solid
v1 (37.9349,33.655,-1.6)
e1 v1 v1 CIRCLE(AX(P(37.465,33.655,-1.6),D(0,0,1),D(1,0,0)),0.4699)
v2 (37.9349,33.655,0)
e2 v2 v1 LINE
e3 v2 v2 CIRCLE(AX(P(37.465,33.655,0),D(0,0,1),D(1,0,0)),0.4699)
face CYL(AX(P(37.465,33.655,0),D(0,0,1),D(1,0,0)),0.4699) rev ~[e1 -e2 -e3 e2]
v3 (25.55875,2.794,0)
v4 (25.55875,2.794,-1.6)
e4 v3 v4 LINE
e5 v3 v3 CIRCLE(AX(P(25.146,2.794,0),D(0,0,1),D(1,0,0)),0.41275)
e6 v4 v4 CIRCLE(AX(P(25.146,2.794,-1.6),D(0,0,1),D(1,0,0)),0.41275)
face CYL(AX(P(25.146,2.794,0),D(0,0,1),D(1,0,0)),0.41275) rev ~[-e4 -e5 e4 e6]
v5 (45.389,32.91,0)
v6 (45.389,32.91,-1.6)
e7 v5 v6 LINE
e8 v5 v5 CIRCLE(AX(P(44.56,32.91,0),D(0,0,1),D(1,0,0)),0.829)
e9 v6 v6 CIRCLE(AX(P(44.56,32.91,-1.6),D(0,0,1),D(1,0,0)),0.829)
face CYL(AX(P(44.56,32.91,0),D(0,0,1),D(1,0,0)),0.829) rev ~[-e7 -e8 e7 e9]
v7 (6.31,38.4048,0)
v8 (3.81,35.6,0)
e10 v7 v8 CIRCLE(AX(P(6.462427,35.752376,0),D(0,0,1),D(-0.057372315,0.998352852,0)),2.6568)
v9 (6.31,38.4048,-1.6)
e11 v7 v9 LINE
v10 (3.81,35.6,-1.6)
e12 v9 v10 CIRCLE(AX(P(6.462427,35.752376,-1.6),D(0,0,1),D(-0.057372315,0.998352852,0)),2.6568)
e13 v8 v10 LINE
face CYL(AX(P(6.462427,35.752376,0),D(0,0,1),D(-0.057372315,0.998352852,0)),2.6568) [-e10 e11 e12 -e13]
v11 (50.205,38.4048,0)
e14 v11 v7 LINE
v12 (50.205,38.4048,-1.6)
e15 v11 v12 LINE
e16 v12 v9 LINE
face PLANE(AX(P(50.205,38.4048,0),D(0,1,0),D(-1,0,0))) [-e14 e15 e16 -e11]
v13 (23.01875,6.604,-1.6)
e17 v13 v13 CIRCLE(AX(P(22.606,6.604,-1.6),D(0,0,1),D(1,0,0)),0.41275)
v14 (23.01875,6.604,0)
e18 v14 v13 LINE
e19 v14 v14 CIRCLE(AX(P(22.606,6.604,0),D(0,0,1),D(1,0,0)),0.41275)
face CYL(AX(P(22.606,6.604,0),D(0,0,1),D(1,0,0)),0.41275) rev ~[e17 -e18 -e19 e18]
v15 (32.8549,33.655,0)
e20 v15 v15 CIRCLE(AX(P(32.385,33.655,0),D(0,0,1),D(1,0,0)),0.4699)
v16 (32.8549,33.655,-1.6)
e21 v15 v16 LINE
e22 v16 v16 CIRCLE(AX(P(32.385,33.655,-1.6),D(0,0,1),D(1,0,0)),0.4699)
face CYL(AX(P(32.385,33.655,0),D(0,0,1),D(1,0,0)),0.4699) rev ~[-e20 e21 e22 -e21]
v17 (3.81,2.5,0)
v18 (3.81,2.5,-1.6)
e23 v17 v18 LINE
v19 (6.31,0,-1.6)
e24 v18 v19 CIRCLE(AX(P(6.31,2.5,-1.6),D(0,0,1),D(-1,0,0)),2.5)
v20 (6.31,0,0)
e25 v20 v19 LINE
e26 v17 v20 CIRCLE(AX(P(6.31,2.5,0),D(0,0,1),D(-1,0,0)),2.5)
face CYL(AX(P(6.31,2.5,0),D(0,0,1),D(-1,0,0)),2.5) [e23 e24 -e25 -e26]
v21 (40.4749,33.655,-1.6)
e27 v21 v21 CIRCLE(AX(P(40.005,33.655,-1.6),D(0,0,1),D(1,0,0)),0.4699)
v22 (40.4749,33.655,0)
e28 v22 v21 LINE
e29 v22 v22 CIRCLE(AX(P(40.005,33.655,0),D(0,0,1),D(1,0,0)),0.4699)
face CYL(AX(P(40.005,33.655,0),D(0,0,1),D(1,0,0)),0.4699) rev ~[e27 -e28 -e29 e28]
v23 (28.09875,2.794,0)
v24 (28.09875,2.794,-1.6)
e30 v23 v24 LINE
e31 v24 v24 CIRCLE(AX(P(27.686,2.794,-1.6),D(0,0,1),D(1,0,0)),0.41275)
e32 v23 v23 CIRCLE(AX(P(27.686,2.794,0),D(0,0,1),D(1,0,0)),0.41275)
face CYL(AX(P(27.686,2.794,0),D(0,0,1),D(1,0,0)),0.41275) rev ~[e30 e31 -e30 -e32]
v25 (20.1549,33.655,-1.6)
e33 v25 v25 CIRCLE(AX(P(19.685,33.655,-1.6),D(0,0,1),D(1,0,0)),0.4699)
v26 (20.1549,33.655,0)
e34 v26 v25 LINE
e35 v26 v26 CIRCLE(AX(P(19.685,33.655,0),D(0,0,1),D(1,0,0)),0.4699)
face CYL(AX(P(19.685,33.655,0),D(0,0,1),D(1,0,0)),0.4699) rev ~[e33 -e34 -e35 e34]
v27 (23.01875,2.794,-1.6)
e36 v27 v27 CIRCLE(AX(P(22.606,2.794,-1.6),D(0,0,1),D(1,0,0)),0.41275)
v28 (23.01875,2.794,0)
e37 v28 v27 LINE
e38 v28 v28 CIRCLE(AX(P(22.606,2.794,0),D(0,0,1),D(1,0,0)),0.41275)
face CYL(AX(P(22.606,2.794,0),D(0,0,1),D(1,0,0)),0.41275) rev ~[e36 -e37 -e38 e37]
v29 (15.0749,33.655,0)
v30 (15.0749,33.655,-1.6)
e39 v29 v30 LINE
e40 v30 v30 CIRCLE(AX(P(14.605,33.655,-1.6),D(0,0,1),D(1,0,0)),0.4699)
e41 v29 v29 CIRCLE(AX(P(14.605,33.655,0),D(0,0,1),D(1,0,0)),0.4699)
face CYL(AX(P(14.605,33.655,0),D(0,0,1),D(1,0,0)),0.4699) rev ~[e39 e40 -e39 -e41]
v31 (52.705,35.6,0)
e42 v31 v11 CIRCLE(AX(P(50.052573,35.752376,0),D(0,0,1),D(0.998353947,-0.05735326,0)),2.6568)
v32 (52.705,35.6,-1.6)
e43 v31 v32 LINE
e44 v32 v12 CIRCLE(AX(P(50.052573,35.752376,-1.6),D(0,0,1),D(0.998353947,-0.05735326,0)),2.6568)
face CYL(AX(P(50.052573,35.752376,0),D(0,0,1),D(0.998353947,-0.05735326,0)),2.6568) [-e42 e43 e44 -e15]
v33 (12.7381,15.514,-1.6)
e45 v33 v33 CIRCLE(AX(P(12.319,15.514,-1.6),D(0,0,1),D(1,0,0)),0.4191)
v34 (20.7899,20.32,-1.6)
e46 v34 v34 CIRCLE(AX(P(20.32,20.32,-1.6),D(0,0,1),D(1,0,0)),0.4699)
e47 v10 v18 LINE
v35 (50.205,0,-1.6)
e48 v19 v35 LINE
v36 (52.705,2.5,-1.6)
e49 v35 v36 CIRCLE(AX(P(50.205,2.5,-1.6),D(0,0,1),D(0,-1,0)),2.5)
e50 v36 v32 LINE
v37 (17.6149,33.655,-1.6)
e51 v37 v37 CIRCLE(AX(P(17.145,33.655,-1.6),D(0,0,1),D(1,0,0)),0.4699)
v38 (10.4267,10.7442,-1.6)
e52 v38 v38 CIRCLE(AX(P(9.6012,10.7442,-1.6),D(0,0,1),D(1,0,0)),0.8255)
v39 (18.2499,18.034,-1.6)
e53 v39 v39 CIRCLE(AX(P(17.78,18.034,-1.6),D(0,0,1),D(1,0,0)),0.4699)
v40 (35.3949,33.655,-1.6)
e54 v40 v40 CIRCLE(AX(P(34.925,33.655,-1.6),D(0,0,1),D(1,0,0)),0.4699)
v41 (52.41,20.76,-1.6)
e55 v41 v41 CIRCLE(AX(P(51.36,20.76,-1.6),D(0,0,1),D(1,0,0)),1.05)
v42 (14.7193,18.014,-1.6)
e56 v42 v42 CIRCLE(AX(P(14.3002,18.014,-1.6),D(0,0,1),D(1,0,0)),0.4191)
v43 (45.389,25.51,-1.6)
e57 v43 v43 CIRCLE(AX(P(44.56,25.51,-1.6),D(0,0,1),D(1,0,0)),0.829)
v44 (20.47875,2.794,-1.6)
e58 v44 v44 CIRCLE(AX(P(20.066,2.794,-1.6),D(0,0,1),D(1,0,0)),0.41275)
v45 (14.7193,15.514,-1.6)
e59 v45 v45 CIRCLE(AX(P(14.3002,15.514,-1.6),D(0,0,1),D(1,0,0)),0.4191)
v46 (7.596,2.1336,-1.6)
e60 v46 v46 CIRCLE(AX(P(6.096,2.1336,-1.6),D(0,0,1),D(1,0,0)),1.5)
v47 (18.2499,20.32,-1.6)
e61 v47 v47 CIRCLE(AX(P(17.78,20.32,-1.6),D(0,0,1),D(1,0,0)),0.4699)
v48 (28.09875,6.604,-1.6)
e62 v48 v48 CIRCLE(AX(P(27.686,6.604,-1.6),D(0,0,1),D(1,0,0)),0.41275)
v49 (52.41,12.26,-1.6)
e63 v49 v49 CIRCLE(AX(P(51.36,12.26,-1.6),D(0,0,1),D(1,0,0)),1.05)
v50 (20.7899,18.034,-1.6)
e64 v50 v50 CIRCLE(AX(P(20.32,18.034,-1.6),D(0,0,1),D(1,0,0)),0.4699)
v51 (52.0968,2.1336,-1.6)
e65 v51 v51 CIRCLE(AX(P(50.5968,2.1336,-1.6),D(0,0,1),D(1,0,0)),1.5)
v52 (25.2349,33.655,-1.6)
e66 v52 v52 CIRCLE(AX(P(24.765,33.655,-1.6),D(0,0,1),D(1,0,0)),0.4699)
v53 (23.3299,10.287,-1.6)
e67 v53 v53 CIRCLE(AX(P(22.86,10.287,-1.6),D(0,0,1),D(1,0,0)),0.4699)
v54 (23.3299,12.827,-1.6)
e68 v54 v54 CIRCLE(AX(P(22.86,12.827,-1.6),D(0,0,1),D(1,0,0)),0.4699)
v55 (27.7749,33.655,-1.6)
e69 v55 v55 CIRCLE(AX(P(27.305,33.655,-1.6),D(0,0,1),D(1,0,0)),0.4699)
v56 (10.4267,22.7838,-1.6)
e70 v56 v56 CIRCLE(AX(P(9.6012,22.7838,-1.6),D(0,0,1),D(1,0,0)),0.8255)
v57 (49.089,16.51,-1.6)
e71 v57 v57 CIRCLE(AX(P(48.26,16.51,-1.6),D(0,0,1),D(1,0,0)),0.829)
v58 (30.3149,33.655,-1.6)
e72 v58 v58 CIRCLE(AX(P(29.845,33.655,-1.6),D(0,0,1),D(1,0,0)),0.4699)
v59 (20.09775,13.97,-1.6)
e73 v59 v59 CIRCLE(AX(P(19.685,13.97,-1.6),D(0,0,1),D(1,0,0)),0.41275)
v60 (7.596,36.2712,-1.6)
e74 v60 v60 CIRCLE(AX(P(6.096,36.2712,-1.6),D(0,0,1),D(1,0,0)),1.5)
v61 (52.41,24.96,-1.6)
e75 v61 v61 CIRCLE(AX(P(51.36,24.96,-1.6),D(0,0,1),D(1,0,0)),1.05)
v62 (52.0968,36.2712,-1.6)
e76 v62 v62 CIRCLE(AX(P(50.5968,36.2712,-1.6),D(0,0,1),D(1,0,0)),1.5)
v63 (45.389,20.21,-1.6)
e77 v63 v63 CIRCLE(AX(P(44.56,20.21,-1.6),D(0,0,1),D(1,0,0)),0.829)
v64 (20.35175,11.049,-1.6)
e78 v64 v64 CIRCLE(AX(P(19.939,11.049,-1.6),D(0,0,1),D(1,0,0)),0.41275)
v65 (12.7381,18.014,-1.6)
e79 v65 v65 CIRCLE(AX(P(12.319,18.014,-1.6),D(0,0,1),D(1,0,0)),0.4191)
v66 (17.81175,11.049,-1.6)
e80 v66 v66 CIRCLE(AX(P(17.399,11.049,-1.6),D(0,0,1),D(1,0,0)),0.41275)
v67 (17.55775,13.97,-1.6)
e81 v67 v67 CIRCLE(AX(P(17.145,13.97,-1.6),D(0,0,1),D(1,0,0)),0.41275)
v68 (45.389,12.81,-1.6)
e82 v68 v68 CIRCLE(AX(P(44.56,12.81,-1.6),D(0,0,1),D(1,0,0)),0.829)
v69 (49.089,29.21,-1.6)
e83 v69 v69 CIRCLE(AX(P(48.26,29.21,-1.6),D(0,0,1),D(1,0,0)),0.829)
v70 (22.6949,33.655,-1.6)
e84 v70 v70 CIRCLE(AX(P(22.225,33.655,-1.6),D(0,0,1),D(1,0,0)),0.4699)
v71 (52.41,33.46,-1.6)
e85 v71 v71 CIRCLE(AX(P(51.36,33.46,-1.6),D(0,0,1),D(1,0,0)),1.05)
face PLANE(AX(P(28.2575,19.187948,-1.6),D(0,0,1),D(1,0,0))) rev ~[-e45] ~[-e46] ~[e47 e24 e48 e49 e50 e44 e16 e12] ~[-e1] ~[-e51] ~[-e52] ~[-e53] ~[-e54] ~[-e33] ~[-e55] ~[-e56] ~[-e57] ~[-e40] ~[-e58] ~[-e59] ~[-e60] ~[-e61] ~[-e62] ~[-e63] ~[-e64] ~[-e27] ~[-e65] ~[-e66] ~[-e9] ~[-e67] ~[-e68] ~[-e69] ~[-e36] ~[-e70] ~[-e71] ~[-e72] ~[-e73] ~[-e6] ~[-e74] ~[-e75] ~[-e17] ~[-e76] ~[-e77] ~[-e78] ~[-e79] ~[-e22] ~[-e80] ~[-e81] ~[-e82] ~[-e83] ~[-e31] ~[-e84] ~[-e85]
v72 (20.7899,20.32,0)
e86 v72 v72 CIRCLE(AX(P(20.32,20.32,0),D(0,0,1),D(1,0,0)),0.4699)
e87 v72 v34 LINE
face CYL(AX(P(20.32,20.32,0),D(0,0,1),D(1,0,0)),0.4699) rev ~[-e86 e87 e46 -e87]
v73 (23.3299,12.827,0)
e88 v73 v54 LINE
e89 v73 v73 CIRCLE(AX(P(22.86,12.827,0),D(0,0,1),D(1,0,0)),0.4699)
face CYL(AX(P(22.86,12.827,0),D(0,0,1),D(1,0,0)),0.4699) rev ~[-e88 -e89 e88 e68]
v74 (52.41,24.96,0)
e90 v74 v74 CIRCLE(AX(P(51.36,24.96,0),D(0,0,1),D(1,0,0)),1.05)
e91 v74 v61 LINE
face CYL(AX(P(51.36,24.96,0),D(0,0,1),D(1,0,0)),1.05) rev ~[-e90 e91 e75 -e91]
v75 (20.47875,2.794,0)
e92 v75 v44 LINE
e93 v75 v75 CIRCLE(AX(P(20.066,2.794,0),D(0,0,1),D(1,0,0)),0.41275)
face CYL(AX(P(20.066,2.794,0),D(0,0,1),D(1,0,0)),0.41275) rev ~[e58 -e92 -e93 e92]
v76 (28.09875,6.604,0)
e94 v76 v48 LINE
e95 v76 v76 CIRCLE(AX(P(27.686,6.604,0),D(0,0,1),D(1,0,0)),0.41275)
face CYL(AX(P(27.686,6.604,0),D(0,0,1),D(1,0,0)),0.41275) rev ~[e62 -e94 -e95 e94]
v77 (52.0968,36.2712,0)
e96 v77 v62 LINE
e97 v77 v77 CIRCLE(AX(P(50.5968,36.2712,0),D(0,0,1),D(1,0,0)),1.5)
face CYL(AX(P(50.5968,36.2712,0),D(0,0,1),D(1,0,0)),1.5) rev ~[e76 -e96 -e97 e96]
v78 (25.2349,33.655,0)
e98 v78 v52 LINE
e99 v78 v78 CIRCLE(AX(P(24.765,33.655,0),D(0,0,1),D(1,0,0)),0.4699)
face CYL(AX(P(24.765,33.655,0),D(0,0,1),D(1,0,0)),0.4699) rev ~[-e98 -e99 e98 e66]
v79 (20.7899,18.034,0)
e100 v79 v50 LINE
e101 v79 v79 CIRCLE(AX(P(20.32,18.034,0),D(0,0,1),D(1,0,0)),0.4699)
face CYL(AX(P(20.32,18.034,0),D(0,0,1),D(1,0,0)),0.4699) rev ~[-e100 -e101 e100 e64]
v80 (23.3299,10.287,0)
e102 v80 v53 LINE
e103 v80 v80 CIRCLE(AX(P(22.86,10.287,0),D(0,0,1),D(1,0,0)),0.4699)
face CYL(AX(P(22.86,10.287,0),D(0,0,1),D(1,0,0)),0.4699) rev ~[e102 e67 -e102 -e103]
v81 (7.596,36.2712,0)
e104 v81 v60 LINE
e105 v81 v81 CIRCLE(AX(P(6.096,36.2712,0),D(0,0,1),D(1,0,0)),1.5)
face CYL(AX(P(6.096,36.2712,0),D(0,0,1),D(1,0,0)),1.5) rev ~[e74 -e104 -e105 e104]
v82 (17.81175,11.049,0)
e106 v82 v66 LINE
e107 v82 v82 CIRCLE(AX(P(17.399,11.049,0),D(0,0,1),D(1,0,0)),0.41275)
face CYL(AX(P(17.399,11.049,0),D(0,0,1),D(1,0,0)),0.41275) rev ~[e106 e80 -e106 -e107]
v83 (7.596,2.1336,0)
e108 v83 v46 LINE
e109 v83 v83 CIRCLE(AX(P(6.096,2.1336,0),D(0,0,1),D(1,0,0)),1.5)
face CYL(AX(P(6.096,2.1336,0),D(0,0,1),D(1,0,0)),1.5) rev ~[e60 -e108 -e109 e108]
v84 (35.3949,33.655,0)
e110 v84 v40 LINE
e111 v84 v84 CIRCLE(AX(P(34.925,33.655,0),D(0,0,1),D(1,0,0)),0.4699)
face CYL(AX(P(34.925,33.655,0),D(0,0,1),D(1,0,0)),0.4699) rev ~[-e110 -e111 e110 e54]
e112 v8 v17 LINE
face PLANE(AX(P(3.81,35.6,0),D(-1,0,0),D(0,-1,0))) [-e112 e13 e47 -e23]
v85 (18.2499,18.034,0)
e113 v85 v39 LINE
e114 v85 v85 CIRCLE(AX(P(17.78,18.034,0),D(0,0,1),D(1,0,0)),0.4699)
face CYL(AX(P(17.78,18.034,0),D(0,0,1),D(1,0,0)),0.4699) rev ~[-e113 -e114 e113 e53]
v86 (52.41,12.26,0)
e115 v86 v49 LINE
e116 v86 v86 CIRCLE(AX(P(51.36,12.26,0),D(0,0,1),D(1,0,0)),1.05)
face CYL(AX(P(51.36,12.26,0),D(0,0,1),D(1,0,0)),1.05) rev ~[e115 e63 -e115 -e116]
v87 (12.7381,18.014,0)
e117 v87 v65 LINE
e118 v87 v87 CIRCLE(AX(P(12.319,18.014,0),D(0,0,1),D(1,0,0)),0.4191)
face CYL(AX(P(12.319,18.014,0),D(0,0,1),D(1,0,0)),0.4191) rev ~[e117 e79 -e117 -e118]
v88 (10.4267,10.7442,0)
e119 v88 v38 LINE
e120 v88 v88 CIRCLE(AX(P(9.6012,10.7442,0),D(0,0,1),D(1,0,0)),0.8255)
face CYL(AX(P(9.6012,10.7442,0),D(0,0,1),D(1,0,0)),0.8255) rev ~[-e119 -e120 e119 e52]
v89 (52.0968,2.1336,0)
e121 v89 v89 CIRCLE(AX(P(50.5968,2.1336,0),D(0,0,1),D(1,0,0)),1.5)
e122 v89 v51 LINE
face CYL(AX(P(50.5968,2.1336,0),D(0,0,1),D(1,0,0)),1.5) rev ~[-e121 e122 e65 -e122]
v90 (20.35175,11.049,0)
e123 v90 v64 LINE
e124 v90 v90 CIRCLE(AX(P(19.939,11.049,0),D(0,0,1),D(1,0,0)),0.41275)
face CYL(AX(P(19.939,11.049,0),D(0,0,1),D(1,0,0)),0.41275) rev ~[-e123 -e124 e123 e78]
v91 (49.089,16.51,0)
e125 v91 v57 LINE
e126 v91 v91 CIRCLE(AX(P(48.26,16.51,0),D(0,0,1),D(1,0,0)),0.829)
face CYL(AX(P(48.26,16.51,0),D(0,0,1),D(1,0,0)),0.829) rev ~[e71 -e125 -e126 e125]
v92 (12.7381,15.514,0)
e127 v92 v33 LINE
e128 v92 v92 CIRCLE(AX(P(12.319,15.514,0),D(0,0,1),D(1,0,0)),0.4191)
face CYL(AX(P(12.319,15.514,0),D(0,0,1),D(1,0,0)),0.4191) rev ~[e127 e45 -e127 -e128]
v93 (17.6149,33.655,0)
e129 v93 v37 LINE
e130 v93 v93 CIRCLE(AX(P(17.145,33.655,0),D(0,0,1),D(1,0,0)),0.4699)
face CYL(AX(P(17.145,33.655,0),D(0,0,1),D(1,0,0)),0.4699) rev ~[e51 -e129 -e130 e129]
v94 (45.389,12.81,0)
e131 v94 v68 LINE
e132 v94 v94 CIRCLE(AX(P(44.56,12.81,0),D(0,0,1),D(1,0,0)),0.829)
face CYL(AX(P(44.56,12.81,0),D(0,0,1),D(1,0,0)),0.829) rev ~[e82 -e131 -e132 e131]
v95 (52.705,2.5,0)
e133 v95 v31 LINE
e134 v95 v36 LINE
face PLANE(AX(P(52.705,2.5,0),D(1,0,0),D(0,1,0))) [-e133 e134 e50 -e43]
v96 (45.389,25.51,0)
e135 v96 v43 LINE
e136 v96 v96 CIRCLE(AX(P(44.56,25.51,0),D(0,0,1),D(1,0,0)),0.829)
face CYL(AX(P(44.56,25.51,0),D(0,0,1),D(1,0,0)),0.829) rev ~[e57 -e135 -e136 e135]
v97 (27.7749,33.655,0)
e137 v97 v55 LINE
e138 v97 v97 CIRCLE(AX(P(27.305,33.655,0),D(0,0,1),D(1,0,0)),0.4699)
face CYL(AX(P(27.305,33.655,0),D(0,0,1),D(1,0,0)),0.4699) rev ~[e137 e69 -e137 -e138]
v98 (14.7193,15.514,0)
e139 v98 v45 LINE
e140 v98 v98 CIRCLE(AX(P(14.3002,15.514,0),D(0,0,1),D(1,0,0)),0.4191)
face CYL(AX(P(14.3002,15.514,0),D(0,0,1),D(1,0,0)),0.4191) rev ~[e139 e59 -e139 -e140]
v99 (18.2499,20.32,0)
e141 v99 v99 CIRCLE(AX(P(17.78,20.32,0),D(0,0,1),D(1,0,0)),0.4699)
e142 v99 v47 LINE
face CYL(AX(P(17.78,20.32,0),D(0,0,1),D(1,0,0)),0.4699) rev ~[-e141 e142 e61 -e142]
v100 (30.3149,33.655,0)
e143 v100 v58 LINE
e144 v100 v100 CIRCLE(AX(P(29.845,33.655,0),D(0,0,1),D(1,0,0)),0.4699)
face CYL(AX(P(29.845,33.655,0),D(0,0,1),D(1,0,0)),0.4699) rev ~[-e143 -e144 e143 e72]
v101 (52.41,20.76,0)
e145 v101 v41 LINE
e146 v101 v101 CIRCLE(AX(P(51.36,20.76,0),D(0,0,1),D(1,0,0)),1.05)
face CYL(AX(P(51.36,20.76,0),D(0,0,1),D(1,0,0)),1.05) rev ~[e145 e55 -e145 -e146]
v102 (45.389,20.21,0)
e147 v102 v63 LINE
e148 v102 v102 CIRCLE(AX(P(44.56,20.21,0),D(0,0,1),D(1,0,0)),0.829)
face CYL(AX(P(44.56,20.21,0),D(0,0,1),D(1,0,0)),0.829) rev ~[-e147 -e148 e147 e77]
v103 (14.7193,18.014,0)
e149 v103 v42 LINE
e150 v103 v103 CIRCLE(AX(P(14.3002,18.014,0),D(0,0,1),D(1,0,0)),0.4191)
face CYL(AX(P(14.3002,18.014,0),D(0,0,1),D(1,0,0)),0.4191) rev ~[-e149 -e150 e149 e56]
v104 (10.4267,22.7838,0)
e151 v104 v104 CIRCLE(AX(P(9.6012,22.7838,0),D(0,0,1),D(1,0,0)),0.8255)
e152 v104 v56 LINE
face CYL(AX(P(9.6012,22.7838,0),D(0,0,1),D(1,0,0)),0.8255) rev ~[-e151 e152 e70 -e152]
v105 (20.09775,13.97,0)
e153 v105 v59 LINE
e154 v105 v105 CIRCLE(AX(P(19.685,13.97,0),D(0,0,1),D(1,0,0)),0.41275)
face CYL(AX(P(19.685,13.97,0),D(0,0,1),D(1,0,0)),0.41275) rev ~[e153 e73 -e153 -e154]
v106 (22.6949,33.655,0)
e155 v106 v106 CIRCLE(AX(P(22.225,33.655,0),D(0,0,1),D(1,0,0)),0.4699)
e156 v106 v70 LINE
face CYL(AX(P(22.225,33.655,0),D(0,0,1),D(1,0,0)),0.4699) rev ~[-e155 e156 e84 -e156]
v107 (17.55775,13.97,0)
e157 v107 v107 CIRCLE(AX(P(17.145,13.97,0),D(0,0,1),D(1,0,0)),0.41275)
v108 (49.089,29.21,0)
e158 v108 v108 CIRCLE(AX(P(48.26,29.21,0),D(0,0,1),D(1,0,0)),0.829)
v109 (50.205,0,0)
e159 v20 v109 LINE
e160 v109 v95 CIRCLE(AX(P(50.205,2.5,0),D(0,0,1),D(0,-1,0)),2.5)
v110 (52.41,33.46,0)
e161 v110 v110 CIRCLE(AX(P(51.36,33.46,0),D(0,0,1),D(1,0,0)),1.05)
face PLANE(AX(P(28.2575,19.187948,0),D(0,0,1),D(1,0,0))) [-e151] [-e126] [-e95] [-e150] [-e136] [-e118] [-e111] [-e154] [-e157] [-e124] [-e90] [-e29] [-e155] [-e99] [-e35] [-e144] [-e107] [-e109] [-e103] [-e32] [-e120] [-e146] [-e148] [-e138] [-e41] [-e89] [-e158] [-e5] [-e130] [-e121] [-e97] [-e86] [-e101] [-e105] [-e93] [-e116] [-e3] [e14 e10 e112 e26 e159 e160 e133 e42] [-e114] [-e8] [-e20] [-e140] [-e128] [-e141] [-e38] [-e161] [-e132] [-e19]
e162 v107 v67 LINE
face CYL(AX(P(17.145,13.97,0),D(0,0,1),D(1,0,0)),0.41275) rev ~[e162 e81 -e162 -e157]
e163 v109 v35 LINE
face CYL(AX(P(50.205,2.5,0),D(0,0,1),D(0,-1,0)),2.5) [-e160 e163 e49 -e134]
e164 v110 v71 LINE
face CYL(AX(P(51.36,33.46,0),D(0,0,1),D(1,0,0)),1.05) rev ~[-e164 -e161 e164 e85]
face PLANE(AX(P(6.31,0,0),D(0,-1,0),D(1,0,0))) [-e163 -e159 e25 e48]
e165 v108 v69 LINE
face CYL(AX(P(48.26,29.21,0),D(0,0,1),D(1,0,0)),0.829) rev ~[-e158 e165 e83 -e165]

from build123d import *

# Parameters (mm, degrees)
SKETCH_20_R         = 1.5
SKETCH_20_R_2       = 1.05
BOSS_EXTRUDE1_DEPTH = 1.6
SKETCH_17_R         = 0.8255
SKETCH_17_R_2       = 0.4191
SKETCH_17_R_3       = 0.41275
SKETCH_17_R_4       = 0.4699
SKETCH_17_R_5       = 0.829
CUT_EXTRUDE1_DEPTH  = 1.6


with BuildPart() as part:
    # Sketch 20 → Boss-Extrude1 (new body)
    with BuildSketch(Plane.XY):
        with BuildLine():
            Line((50.205, 38.4048), (6.31, 38.4048))
            ThreePointArc((6.31, 38.4048), (4.47911474, 37.520159965), (3.81, 35.6))
            Line((3.81, 35.6), (3.81, 2.5))
            ThreePointArc((3.81, 2.5), (4.542233047, 0.732233047), (6.31, 0))
            Line((6.31, 0), (50.205, 0))
            ThreePointArc((50.205, 0), (51.972766953, 0.732233047), (52.705, 2.5))
            Line((52.705, 2.5), (52.705, 35.6))
            ThreePointArc((52.705, 35.6), (52.03588526, 37.520159965), (50.205, 38.4048))
        make_face()
        with Locations((6.096, 2.1336)):
            Circle(SKETCH_20_R, mode=Mode.SUBTRACT)
        with Locations((50.5968, 2.1336)):
            Circle(SKETCH_20_R, mode=Mode.SUBTRACT)
        with Locations((50.5968, 36.2712)):
            Circle(SKETCH_20_R, mode=Mode.SUBTRACT)
        with Locations((6.096, 36.2712)):
            Circle(SKETCH_20_R, mode=Mode.SUBTRACT)
        with Locations((51.36, 12.26)):
            Circle(SKETCH_20_R_2, mode=Mode.SUBTRACT)
        with Locations((51.36, 20.76)):
            Circle(SKETCH_20_R_2, mode=Mode.SUBTRACT)
        with Locations((51.36, 24.96)):
            Circle(SKETCH_20_R_2, mode=Mode.SUBTRACT)
        with Locations((51.36, 33.46)):
            Circle(SKETCH_20_R_2, mode=Mode.SUBTRACT)
    extrude(amount=-BOSS_EXTRUDE1_DEPTH)

    # Sketch 17 → Cut-Extrude1 (cut)
    with BuildSketch(Plane.XY):
        with Locations((9.6012, 22.7838)):
            Circle(SKETCH_17_R)
        with Locations((12.319, 18.014)):
            Circle(SKETCH_17_R_2)
        with Locations((14.3002, 18.014)):
            Circle(SKETCH_17_R_2)
        with Locations((9.6012, 10.7442)):
            Circle(SKETCH_17_R)
        with Locations((20.066, 2.794)):
            Circle(SKETCH_17_R_3)
        with Locations((22.606, 2.794)):
            Circle(SKETCH_17_R_3)
        with Locations((25.146, 2.794)):
            Circle(SKETCH_17_R_3)
        with Locations((27.686, 2.794)):
            Circle(SKETCH_17_R_3)
        with Locations((22.606, 6.604)):
            Circle(SKETCH_17_R_3)
        with Locations((27.686, 6.604)):
            Circle(SKETCH_17_R_3)
        with Locations((17.145, 13.97)):
            Circle(SKETCH_17_R_3)
        with Locations((12.319, 15.514)):
            Circle(SKETCH_17_R_2)
        with Locations((14.3002, 15.514)):
            Circle(SKETCH_17_R_2)
        with Locations((14.605, 33.655)):
            Circle(SKETCH_17_R_4)
        with Locations((17.145, 33.655)):
            Circle(SKETCH_17_R_4)
        with Locations((19.685, 33.655)):
            Circle(SKETCH_17_R_4)
        with Locations((22.225, 33.655)):
            Circle(SKETCH_17_R_4)
        with Locations((24.765, 33.655)):
            Circle(SKETCH_17_R_4)
        with Locations((27.305, 33.655)):
            Circle(SKETCH_17_R_4)
        with Locations((29.845, 33.655)):
            Circle(SKETCH_17_R_4)
        with Locations((32.385, 33.655)):
            Circle(SKETCH_17_R_4)
        with Locations((34.925, 33.655)):
            Circle(SKETCH_17_R_4)
        with Locations((37.465, 33.655)):
            Circle(SKETCH_17_R_4)
        with Locations((40.005, 33.655)):
            Circle(SKETCH_17_R_4)
        with Locations((44.56, 32.91)):
            Circle(SKETCH_17_R_5)
        with Locations((48.26, 29.21)):
            Circle(SKETCH_17_R_5)
        with Locations((44.56, 25.51)):
            Circle(SKETCH_17_R_5)
        with Locations((44.56, 20.21)):
            Circle(SKETCH_17_R_5)
        with Locations((48.26, 16.51)):
            Circle(SKETCH_17_R_5)
        with Locations((44.56, 12.81)):
            Circle(SKETCH_17_R_5)
        with Locations((17.78, 20.32)):
            Circle(SKETCH_17_R_4)
        with Locations((17.78, 18.034)):
            Circle(SKETCH_17_R_4)
        with Locations((20.32, 20.32)):
            Circle(SKETCH_17_R_4)
        with Locations((20.32, 18.034)):
            Circle(SKETCH_17_R_4)
        with Locations((17.399, 11.049)):
            Circle(SKETCH_17_R_3)
        with Locations((19.685, 13.97)):
            Circle(SKETCH_17_R_3)
        with Locations((19.939, 11.049)):
            Circle(SKETCH_17_R_3)
        with Locations((22.86, 12.827)):
            Circle(SKETCH_17_R_4)
        with Locations((22.86, 10.287)):
            Circle(SKETCH_17_R_4)
    extrude(amount=-CUT_EXTRUDE1_DEPTH, mode=Mode.SUBTRACT)


solid = part.part
